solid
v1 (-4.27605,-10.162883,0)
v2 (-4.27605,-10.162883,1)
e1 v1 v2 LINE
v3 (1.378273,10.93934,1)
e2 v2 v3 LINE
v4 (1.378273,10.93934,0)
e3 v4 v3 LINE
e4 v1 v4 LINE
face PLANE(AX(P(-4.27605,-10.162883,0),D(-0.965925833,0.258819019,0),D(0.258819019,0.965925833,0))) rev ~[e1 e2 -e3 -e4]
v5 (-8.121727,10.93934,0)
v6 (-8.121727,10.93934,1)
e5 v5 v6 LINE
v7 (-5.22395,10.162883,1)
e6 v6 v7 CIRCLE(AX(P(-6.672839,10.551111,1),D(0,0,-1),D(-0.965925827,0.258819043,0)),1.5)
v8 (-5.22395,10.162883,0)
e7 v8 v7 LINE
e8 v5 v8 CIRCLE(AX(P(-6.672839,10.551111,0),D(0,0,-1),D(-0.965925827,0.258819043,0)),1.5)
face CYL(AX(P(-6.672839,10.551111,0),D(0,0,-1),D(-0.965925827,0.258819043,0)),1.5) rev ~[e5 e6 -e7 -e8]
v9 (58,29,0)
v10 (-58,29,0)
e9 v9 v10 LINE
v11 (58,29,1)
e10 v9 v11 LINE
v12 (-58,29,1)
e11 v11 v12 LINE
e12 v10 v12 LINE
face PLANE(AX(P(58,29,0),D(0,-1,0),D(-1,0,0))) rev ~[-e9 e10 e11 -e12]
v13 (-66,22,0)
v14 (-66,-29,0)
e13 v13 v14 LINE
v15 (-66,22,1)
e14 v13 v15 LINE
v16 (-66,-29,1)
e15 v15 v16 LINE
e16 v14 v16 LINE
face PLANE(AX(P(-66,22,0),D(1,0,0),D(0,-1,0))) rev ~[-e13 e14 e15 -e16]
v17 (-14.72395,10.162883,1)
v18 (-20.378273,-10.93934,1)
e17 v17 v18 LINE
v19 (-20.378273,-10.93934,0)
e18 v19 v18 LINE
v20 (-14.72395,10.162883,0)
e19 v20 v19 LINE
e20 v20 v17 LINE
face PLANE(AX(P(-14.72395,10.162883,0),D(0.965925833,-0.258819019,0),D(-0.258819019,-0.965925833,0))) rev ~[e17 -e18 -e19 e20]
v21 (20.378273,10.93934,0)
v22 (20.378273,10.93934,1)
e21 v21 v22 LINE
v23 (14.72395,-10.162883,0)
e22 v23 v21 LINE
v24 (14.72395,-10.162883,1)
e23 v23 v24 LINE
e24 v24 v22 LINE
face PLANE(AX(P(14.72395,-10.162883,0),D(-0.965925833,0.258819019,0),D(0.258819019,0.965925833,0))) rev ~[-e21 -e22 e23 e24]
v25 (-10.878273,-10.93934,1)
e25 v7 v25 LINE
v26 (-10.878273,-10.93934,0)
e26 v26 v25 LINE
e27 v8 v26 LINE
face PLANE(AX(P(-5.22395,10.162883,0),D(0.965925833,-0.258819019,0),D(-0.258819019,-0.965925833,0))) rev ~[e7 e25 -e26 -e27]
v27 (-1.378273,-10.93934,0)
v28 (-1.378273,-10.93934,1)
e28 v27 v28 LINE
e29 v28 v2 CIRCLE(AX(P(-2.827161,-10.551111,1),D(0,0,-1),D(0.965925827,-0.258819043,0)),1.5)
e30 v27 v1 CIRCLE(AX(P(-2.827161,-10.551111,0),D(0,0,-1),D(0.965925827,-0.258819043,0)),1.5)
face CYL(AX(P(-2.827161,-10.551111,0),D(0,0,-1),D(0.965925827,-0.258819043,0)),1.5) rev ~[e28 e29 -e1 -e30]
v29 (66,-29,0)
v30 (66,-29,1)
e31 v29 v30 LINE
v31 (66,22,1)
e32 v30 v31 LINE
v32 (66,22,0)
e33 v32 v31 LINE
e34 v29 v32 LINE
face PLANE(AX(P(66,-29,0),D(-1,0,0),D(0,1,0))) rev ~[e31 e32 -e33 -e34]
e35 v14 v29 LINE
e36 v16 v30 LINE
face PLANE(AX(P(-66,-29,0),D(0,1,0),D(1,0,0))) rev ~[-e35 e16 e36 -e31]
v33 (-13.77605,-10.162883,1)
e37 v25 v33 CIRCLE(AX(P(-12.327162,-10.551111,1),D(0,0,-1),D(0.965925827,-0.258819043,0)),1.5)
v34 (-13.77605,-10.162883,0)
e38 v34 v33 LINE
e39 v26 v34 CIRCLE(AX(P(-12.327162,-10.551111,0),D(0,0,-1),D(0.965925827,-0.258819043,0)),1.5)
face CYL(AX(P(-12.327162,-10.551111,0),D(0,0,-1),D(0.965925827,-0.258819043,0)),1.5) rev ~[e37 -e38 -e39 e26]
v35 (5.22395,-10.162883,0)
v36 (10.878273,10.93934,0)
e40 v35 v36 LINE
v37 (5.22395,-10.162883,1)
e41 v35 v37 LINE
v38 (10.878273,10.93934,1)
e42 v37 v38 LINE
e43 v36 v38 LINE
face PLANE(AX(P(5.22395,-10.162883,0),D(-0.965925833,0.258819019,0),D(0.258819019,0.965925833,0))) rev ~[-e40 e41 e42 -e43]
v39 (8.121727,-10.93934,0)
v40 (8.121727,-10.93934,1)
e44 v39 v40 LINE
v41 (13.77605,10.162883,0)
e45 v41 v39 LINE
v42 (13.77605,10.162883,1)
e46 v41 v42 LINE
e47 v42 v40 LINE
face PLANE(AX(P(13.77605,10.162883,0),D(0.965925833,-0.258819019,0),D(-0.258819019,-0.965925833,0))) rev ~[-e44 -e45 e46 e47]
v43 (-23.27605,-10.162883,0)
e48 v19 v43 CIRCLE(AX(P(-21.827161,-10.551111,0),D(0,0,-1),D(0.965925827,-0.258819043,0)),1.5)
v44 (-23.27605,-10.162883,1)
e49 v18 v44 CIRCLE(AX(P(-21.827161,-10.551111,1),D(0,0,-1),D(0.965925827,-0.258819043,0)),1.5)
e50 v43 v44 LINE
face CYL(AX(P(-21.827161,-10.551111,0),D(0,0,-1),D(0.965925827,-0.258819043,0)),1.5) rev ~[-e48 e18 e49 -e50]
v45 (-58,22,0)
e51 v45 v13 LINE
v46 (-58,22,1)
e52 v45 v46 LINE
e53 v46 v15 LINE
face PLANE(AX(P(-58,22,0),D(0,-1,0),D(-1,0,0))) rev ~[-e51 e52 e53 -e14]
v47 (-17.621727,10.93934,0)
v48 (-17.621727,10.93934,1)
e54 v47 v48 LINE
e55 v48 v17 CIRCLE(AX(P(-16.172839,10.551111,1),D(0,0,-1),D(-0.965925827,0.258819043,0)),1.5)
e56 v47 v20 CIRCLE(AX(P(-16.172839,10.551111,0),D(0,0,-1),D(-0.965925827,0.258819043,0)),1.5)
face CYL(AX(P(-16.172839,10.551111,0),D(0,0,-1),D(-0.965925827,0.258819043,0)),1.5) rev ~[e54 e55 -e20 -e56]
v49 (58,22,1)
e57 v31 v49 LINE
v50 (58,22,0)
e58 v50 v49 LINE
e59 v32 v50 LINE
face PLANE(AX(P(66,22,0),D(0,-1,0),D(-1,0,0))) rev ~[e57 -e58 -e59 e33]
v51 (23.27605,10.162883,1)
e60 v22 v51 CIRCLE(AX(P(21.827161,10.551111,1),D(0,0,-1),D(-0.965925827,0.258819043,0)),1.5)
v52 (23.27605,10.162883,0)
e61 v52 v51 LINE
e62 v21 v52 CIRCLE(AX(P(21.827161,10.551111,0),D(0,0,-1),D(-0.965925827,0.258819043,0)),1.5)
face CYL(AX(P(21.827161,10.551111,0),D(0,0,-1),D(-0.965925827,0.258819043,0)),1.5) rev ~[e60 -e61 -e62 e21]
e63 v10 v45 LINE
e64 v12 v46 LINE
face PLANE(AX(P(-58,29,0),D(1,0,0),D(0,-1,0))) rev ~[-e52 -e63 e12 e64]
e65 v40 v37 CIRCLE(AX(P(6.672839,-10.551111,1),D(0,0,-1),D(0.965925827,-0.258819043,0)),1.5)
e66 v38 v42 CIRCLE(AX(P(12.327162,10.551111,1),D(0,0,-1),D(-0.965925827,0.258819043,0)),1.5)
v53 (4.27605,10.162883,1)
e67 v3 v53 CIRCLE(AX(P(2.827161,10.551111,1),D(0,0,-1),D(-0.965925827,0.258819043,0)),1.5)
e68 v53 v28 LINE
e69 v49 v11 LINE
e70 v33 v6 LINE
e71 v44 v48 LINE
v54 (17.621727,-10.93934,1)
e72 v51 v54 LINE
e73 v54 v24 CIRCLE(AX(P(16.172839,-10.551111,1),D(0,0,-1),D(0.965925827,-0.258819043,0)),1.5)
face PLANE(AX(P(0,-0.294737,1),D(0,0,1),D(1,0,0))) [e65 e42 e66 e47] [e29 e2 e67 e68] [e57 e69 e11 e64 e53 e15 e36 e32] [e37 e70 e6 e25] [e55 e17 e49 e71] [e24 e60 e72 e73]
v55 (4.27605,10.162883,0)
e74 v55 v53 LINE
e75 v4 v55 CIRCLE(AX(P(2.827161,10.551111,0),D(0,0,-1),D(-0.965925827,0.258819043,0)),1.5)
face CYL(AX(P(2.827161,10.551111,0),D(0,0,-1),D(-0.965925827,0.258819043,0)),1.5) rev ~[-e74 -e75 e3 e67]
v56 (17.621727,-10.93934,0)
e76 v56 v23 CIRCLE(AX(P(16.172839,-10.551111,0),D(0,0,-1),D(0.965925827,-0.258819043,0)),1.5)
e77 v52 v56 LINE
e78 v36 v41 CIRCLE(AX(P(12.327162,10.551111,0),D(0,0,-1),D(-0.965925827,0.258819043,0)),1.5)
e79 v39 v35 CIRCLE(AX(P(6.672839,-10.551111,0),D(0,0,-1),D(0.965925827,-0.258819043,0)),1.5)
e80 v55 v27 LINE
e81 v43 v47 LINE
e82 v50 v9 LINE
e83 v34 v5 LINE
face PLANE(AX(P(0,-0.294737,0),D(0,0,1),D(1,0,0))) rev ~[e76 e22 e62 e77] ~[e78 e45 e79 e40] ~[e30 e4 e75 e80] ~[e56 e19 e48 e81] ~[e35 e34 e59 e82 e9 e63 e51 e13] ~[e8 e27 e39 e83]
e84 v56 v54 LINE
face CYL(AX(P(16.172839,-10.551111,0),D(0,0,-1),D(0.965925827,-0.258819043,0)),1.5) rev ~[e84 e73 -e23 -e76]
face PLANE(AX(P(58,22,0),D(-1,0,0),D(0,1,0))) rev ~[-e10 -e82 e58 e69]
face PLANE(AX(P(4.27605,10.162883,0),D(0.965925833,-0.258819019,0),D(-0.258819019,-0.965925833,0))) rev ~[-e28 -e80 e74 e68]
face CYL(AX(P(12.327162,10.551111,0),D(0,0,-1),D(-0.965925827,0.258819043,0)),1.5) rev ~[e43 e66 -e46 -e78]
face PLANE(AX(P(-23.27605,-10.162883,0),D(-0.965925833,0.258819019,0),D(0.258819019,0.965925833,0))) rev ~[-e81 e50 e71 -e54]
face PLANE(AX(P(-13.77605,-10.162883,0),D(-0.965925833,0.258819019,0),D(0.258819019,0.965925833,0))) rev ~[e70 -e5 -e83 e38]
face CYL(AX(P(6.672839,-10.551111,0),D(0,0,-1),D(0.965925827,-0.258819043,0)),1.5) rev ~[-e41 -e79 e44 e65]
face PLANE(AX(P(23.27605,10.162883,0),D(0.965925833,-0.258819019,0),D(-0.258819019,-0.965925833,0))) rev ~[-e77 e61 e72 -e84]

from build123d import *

# Parameters (mm, degrees)
F1_DEPTH = 1


with BuildPart() as f1:
    # F0 (on Top) → F1 (new body)
    with BuildSketch(Plane.XY):
        Polygon((58, 22), (58, 29), (-58, 29), (-58, 22), (-66, 22), (-66, -29), (66, -29), (66, 22), align=None)
        with BuildLine():
            ThreePointArc((-20.378273, -10.93934), (-22.21539, -12), (-23.27605, -10.162883))
            Line((-23.27605, -10.162883), (-17.621727, 10.93934))
            ThreePointArc((-17.621727, 10.93934), (-15.78461, 12), (-14.72395, 10.162883))
            Line((-14.72395, 10.162883), (-20.378273, -10.93934))
        make_face(mode=Mode.SUBTRACT)
        with BuildLine():
            ThreePointArc((-10.878273, -10.93934), (-12.71539, -12), (-13.77605, -10.162883))
            Line((-13.77605, -10.162883), (-8.121727, 10.93934))
            ThreePointArc((-8.121727, 10.93934), (-6.28461, 12), (-5.22395, 10.162883))
            Line((-5.22395, 10.162883), (-10.878273, -10.93934))
        make_face(mode=Mode.SUBTRACT)
        with BuildLine():
            Line((4.27605, 10.162883), (-1.378273, -10.93934))
            ThreePointArc((-1.378273, -10.93934), (-3.21539, -12), (-4.27605, -10.162883))
            Line((-4.27605, -10.162883), (1.378273, 10.93934))
            ThreePointArc((1.378273, 10.93934), (3.21539, 12), (4.27605, 10.162883))
        make_face(mode=Mode.SUBTRACT)
        with BuildLine():
            ThreePointArc((8.121727, -10.93934), (6.28461, -12), (5.22395, -10.162883))
            Line((5.22395, -10.162883), (10.878273, 10.93934))
            ThreePointArc((10.878273, 10.93934), (12.71539, 12), (13.77605, 10.162883))
            Line((13.77605, 10.162883), (8.121727, -10.93934))
        make_face(mode=Mode.SUBTRACT)
        with BuildLine():
            ThreePointArc((17.621727, -10.93934), (15.78461, -12), (14.72395, -10.162883))
            Line((14.72395, -10.162883), (20.378273, 10.93934))
            ThreePointArc((20.378273, 10.93934), (22.21539, 12), (23.27605, 10.162883))
            Line((23.27605, 10.162883), (17.621727, -10.93934))
        make_face(mode=Mode.SUBTRACT)
    extrude(amount=F1_DEPTH)


solid = f1.part
